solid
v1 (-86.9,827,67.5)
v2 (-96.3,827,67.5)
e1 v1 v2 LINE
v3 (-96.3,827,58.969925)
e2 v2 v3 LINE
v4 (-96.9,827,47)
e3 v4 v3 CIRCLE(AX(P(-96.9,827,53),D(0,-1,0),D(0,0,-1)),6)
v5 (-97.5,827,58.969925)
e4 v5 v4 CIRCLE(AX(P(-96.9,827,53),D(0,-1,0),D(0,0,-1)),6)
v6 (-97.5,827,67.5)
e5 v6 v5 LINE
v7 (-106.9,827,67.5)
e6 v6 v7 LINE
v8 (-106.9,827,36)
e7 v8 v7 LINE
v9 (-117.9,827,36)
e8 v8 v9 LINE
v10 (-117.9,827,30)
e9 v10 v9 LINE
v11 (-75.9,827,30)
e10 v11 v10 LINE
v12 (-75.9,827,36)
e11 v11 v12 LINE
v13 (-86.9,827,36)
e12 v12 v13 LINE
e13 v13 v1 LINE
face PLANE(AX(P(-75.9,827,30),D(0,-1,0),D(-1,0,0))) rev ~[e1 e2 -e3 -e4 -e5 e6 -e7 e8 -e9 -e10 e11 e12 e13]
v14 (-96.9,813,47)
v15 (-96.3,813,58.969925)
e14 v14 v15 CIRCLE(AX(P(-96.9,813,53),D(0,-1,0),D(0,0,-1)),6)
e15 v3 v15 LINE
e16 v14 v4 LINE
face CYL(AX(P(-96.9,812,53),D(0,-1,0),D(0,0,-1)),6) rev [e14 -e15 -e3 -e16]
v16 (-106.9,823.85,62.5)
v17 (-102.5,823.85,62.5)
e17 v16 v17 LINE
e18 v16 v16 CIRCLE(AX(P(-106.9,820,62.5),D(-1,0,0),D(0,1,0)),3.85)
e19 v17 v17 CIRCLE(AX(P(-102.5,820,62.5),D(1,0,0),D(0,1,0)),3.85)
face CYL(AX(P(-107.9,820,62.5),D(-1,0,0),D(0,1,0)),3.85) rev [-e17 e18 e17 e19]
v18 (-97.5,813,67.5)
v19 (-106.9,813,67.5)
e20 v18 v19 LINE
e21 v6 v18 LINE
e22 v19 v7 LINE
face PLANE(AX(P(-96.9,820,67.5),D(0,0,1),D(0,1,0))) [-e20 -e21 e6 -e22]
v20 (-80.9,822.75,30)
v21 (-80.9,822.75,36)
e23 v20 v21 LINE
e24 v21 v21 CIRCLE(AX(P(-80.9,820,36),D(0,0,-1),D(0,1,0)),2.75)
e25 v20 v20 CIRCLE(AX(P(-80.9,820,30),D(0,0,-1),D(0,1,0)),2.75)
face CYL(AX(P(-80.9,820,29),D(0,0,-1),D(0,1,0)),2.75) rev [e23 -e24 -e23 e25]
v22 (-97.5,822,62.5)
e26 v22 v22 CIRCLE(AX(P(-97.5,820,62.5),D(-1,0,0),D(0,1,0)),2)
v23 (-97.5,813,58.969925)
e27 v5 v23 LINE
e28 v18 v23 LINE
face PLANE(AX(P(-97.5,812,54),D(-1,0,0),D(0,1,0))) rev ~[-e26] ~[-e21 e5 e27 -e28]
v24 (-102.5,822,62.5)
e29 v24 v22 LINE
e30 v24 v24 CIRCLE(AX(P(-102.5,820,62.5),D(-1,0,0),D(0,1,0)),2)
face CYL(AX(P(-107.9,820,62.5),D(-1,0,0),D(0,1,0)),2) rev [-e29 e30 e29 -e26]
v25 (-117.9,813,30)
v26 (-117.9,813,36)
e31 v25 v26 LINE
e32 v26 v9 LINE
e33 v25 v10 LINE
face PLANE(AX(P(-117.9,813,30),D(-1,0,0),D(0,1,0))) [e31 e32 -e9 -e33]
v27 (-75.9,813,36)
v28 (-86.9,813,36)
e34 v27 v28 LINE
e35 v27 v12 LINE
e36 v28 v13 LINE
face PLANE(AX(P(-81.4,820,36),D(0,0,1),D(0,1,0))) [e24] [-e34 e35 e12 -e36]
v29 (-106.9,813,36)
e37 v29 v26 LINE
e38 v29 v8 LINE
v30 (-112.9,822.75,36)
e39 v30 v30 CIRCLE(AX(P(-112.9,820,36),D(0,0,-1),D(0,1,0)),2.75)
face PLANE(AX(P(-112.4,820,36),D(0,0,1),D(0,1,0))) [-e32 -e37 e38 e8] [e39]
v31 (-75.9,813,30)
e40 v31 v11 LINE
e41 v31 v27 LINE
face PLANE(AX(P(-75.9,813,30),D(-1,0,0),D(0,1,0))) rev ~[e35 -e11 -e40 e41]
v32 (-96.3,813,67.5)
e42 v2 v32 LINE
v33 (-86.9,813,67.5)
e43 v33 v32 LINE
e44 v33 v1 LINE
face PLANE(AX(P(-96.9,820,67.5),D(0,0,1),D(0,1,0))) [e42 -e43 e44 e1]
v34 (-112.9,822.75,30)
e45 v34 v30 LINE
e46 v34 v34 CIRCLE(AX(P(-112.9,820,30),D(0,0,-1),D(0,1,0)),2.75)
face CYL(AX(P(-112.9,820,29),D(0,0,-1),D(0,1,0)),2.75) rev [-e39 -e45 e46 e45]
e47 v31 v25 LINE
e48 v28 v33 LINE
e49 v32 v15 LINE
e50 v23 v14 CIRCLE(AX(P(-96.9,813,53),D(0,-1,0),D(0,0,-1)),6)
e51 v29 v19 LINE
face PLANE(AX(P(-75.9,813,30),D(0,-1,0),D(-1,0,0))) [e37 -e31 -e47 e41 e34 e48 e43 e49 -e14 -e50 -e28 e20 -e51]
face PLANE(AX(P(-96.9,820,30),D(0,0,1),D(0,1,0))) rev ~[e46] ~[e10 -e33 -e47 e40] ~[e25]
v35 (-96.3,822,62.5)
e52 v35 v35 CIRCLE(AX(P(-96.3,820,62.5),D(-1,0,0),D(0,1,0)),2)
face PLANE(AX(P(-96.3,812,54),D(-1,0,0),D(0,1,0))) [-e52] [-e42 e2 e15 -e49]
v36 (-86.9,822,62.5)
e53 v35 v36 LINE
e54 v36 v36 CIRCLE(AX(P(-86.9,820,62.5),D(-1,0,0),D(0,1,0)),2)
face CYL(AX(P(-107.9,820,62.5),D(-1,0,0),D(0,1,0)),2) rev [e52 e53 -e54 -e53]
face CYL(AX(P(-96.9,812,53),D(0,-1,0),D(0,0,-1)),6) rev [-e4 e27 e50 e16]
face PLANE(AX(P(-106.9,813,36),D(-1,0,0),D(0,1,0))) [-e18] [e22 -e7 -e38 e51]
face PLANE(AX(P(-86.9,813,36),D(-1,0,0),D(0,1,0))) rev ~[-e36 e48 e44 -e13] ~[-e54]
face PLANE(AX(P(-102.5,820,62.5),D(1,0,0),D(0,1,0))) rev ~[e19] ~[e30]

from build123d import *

# Parameters (mm, degrees)
MBOLT_SH_L_R                     = 2.75
MBOLT_SH_L_DEPTH                 = 8
MBOLT_SH_R_R                     = 2.75
MBOLT_SH_R_DEPTH                 = 8
MBOLTS_SH_PLACEMENT_ANGLE        = 90
TBOLT_SHAFT_R                    = 2
TBOLT_SHAFT_DEPTH                = 22
TBOLT_SHAFT_ROLL_ANGLE           = 90
UP_SEP_W                         = 16
UP_SEP_H                         = 1.2
UP_SEP_DEPTH                     = 15.5
SHAFT_HOLE_R                     = 6
SHAFT_HOLE_DEPTH                 = 16
SHAFT_HOLE_PITCH_ANGLE           = 90
TBOLT_HEAD_R                     = 3.85
TBOLT_HEAD_DEPTH                 = 5.4
TBOLT_HEAD_ROLL_ANGLE            = 90
SIDE_BOX_L_W                     = 14
SIDE_BOX_L_H                     = 11
SIDE_BOX_L_DEPTH                 = 31.5
SIDE_BOX_R_W                     = 14
SIDE_BOX_R_H                     = 11
SIDE_BOX_R_DEPTH                 = 31.5
TOTAL_BOX_W                      = 14
TOTAL_BOX_H                      = 42
TOTAL_BOX_DEPTH                  = 37.5
SK_SHAPE_W_HOLES_PLACEMENT_ANGLE = 90


with BuildPart() as mbolt_sh_l:
    # mbolt_sh_l → mbolt_sh_l (new body)
    with BuildSketch(Plane(origin=(7, -16, -1), x_dir=(1, 0, 0), z_dir=(0, 0, 1))):
        Circle(MBOLT_SH_L_R)
    extrude(amount=MBOLT_SH_L_DEPTH)


with BuildPart() as mbolts_sh:
    # mbolt_sh_r → mbolt_sh_r (new body)
    with BuildSketch(Plane(origin=(7, 16, -1), x_dir=(1, 0, 0), z_dir=(0, 0, 1))):
        Circle(MBOLT_SH_R_R)
    extrude(amount=MBOLT_SH_R_DEPTH)

    # mbolts_sh: union mbolt_sh_l
    add(mbolt_sh_l.part)


with BuildPart() as mbolts_sh_1:
    # mbolts_sh placement: moved
    add(mbolts_sh.part.moved(Location((0, -7, 0))).rotate(Axis((0, -7, 0), (0, 0, 1)), MBOLTS_SH_PLACEMENT_ANGLE))


with BuildPart() as tbolt_shaft:
    # tbolt_shaft → tbolt_shaft (new body)
    with BuildSketch(Plane.XY):
        Circle(TBOLT_SHAFT_R)
    extrude(amount=TBOLT_SHAFT_DEPTH)


with BuildPart() as tbolt_shaft_1:
    # tbolt_shaft roll: moved
    add(tbolt_shaft.part.rotate(Axis((0, 0, 0), (1, 0, 0)), TBOLT_SHAFT_ROLL_ANGLE))


with BuildPart() as tbolt_shaft_2:
    # tbolt_shaft placement: moved
    add(tbolt_shaft_1.part.moved(Location((7, 11, 32.5))))


with BuildPart() as up_sep:
    # up_sep → up_sep (new body)
    with BuildSketch(Plane(origin=(-1, -0.6, 24), x_dir=(1, 0, 0), z_dir=(0, 0, 1))):
        with Locations((8, 0.6)):
            Rectangle(UP_SEP_W, UP_SEP_H)
    extrude(amount=UP_SEP_DEPTH)


with BuildPart() as shaft_hole:
    # shaft_hole → shaft_hole (new body)
    with BuildSketch(Plane.XY):
        Circle(SHAFT_HOLE_R)
    extrude(amount=SHAFT_HOLE_DEPTH)


with BuildPart() as shaft_hole_1:
    # shaft_hole pitch: moved
    add(shaft_hole.part.rotate(Axis((0, 0, 0), (0, 1, 0)), SHAFT_HOLE_PITCH_ANGLE))


with BuildPart() as shaft_hole_2:
    # shaft_hole placement: moved
    add(shaft_hole_1.part.moved(Location((-1, 0, 23))))


with BuildPart() as fuse_shaft_holes:
    # tbolt_head → tbolt_head (new body)
    with BuildSketch(Plane.XY):
        Circle(TBOLT_HEAD_R)
    extrude(amount=TBOLT_HEAD_DEPTH)


with BuildPart() as fuse_shaft_holes_1:
    # tbolt_head roll: moved
    add(fuse_shaft_holes.part.rotate(Axis((0, 0, 0), (1, 0, 0)), TBOLT_HEAD_ROLL_ANGLE))


with BuildPart() as fuse_shaft_holes_2:
    # tbolt_head placement: moved
    add(fuse_shaft_holes_1.part.moved(Location((7, 11, 32.5))))

    # fuse_shaft_holes: union tbolt_shaft, up_sep, shaft_hole
    add(tbolt_shaft_2.part)
    add(up_sep.part)
    add(shaft_hole_2.part)


with BuildPart() as side_box_l:
    # side_box_l → side_box_l (new body)
    with BuildSketch(Plane(origin=(0, -21, 6), x_dir=(1, 0, 0), z_dir=(0, 0, 1))):
        with Locations((7, 5.5)):
            Rectangle(SIDE_BOX_L_W, SIDE_BOX_L_H)
    extrude(amount=SIDE_BOX_L_DEPTH)


with BuildPart() as side_boxes:
    # side_box_r → side_box_r (new body)
    with BuildSketch(Plane(origin=(0, 10, 6), x_dir=(1, 0, 0), z_dir=(0, 0, 1))):
        with Locations((7, 5.5)):
            Rectangle(SIDE_BOX_R_W, SIDE_BOX_R_H)
    extrude(amount=SIDE_BOX_R_DEPTH)

    # side_boxes: union side_box_l
    add(side_box_l.part)


with BuildPart() as sk12_bl:
    # total_box → total_box (new body)
    with BuildSketch(Plane(origin=(0, -21, 0), x_dir=(1, 0, 0), z_dir=(0, 0, 1))):
        with Locations((7, 21)):
            Rectangle(TOTAL_BOX_W, TOTAL_BOX_H)
    extrude(amount=TOTAL_BOX_DEPTH)

    # sk_shape: cut side_boxes
    add(side_boxes.part, mode=Mode.SUBTRACT)

    # sk_shape_w_holes: cut fuse_shaft_holes
    add(fuse_shaft_holes_2.part, mode=Mode.SUBTRACT)


with BuildPart() as sk12_bl_1:
    # sk_shape_w_holes placement: moved
    add(sk12_bl.part.moved(Location((0, -7, 0))).rotate(Axis((0, -7, 0), (0, 0, 1)), SK_SHAPE_W_HOLES_PLACEMENT_ANGLE))

    # sk12_fr: cut mbolts_sh
    add(mbolts_sh_1.part, mode=Mode.SUBTRACT)


with BuildPart() as sk12_bl_2:
    # sk12_fr placement: moved
    add(sk12_bl_1.part.moved(Location((96.9, 286, 30))))


with BuildPart() as sk12_bl_3:
    # Clone016 placement: moved
    add(sk12_bl_2.part.moved(Location((-193.8, 534, 0))))


solid = sk12_bl_3.part
